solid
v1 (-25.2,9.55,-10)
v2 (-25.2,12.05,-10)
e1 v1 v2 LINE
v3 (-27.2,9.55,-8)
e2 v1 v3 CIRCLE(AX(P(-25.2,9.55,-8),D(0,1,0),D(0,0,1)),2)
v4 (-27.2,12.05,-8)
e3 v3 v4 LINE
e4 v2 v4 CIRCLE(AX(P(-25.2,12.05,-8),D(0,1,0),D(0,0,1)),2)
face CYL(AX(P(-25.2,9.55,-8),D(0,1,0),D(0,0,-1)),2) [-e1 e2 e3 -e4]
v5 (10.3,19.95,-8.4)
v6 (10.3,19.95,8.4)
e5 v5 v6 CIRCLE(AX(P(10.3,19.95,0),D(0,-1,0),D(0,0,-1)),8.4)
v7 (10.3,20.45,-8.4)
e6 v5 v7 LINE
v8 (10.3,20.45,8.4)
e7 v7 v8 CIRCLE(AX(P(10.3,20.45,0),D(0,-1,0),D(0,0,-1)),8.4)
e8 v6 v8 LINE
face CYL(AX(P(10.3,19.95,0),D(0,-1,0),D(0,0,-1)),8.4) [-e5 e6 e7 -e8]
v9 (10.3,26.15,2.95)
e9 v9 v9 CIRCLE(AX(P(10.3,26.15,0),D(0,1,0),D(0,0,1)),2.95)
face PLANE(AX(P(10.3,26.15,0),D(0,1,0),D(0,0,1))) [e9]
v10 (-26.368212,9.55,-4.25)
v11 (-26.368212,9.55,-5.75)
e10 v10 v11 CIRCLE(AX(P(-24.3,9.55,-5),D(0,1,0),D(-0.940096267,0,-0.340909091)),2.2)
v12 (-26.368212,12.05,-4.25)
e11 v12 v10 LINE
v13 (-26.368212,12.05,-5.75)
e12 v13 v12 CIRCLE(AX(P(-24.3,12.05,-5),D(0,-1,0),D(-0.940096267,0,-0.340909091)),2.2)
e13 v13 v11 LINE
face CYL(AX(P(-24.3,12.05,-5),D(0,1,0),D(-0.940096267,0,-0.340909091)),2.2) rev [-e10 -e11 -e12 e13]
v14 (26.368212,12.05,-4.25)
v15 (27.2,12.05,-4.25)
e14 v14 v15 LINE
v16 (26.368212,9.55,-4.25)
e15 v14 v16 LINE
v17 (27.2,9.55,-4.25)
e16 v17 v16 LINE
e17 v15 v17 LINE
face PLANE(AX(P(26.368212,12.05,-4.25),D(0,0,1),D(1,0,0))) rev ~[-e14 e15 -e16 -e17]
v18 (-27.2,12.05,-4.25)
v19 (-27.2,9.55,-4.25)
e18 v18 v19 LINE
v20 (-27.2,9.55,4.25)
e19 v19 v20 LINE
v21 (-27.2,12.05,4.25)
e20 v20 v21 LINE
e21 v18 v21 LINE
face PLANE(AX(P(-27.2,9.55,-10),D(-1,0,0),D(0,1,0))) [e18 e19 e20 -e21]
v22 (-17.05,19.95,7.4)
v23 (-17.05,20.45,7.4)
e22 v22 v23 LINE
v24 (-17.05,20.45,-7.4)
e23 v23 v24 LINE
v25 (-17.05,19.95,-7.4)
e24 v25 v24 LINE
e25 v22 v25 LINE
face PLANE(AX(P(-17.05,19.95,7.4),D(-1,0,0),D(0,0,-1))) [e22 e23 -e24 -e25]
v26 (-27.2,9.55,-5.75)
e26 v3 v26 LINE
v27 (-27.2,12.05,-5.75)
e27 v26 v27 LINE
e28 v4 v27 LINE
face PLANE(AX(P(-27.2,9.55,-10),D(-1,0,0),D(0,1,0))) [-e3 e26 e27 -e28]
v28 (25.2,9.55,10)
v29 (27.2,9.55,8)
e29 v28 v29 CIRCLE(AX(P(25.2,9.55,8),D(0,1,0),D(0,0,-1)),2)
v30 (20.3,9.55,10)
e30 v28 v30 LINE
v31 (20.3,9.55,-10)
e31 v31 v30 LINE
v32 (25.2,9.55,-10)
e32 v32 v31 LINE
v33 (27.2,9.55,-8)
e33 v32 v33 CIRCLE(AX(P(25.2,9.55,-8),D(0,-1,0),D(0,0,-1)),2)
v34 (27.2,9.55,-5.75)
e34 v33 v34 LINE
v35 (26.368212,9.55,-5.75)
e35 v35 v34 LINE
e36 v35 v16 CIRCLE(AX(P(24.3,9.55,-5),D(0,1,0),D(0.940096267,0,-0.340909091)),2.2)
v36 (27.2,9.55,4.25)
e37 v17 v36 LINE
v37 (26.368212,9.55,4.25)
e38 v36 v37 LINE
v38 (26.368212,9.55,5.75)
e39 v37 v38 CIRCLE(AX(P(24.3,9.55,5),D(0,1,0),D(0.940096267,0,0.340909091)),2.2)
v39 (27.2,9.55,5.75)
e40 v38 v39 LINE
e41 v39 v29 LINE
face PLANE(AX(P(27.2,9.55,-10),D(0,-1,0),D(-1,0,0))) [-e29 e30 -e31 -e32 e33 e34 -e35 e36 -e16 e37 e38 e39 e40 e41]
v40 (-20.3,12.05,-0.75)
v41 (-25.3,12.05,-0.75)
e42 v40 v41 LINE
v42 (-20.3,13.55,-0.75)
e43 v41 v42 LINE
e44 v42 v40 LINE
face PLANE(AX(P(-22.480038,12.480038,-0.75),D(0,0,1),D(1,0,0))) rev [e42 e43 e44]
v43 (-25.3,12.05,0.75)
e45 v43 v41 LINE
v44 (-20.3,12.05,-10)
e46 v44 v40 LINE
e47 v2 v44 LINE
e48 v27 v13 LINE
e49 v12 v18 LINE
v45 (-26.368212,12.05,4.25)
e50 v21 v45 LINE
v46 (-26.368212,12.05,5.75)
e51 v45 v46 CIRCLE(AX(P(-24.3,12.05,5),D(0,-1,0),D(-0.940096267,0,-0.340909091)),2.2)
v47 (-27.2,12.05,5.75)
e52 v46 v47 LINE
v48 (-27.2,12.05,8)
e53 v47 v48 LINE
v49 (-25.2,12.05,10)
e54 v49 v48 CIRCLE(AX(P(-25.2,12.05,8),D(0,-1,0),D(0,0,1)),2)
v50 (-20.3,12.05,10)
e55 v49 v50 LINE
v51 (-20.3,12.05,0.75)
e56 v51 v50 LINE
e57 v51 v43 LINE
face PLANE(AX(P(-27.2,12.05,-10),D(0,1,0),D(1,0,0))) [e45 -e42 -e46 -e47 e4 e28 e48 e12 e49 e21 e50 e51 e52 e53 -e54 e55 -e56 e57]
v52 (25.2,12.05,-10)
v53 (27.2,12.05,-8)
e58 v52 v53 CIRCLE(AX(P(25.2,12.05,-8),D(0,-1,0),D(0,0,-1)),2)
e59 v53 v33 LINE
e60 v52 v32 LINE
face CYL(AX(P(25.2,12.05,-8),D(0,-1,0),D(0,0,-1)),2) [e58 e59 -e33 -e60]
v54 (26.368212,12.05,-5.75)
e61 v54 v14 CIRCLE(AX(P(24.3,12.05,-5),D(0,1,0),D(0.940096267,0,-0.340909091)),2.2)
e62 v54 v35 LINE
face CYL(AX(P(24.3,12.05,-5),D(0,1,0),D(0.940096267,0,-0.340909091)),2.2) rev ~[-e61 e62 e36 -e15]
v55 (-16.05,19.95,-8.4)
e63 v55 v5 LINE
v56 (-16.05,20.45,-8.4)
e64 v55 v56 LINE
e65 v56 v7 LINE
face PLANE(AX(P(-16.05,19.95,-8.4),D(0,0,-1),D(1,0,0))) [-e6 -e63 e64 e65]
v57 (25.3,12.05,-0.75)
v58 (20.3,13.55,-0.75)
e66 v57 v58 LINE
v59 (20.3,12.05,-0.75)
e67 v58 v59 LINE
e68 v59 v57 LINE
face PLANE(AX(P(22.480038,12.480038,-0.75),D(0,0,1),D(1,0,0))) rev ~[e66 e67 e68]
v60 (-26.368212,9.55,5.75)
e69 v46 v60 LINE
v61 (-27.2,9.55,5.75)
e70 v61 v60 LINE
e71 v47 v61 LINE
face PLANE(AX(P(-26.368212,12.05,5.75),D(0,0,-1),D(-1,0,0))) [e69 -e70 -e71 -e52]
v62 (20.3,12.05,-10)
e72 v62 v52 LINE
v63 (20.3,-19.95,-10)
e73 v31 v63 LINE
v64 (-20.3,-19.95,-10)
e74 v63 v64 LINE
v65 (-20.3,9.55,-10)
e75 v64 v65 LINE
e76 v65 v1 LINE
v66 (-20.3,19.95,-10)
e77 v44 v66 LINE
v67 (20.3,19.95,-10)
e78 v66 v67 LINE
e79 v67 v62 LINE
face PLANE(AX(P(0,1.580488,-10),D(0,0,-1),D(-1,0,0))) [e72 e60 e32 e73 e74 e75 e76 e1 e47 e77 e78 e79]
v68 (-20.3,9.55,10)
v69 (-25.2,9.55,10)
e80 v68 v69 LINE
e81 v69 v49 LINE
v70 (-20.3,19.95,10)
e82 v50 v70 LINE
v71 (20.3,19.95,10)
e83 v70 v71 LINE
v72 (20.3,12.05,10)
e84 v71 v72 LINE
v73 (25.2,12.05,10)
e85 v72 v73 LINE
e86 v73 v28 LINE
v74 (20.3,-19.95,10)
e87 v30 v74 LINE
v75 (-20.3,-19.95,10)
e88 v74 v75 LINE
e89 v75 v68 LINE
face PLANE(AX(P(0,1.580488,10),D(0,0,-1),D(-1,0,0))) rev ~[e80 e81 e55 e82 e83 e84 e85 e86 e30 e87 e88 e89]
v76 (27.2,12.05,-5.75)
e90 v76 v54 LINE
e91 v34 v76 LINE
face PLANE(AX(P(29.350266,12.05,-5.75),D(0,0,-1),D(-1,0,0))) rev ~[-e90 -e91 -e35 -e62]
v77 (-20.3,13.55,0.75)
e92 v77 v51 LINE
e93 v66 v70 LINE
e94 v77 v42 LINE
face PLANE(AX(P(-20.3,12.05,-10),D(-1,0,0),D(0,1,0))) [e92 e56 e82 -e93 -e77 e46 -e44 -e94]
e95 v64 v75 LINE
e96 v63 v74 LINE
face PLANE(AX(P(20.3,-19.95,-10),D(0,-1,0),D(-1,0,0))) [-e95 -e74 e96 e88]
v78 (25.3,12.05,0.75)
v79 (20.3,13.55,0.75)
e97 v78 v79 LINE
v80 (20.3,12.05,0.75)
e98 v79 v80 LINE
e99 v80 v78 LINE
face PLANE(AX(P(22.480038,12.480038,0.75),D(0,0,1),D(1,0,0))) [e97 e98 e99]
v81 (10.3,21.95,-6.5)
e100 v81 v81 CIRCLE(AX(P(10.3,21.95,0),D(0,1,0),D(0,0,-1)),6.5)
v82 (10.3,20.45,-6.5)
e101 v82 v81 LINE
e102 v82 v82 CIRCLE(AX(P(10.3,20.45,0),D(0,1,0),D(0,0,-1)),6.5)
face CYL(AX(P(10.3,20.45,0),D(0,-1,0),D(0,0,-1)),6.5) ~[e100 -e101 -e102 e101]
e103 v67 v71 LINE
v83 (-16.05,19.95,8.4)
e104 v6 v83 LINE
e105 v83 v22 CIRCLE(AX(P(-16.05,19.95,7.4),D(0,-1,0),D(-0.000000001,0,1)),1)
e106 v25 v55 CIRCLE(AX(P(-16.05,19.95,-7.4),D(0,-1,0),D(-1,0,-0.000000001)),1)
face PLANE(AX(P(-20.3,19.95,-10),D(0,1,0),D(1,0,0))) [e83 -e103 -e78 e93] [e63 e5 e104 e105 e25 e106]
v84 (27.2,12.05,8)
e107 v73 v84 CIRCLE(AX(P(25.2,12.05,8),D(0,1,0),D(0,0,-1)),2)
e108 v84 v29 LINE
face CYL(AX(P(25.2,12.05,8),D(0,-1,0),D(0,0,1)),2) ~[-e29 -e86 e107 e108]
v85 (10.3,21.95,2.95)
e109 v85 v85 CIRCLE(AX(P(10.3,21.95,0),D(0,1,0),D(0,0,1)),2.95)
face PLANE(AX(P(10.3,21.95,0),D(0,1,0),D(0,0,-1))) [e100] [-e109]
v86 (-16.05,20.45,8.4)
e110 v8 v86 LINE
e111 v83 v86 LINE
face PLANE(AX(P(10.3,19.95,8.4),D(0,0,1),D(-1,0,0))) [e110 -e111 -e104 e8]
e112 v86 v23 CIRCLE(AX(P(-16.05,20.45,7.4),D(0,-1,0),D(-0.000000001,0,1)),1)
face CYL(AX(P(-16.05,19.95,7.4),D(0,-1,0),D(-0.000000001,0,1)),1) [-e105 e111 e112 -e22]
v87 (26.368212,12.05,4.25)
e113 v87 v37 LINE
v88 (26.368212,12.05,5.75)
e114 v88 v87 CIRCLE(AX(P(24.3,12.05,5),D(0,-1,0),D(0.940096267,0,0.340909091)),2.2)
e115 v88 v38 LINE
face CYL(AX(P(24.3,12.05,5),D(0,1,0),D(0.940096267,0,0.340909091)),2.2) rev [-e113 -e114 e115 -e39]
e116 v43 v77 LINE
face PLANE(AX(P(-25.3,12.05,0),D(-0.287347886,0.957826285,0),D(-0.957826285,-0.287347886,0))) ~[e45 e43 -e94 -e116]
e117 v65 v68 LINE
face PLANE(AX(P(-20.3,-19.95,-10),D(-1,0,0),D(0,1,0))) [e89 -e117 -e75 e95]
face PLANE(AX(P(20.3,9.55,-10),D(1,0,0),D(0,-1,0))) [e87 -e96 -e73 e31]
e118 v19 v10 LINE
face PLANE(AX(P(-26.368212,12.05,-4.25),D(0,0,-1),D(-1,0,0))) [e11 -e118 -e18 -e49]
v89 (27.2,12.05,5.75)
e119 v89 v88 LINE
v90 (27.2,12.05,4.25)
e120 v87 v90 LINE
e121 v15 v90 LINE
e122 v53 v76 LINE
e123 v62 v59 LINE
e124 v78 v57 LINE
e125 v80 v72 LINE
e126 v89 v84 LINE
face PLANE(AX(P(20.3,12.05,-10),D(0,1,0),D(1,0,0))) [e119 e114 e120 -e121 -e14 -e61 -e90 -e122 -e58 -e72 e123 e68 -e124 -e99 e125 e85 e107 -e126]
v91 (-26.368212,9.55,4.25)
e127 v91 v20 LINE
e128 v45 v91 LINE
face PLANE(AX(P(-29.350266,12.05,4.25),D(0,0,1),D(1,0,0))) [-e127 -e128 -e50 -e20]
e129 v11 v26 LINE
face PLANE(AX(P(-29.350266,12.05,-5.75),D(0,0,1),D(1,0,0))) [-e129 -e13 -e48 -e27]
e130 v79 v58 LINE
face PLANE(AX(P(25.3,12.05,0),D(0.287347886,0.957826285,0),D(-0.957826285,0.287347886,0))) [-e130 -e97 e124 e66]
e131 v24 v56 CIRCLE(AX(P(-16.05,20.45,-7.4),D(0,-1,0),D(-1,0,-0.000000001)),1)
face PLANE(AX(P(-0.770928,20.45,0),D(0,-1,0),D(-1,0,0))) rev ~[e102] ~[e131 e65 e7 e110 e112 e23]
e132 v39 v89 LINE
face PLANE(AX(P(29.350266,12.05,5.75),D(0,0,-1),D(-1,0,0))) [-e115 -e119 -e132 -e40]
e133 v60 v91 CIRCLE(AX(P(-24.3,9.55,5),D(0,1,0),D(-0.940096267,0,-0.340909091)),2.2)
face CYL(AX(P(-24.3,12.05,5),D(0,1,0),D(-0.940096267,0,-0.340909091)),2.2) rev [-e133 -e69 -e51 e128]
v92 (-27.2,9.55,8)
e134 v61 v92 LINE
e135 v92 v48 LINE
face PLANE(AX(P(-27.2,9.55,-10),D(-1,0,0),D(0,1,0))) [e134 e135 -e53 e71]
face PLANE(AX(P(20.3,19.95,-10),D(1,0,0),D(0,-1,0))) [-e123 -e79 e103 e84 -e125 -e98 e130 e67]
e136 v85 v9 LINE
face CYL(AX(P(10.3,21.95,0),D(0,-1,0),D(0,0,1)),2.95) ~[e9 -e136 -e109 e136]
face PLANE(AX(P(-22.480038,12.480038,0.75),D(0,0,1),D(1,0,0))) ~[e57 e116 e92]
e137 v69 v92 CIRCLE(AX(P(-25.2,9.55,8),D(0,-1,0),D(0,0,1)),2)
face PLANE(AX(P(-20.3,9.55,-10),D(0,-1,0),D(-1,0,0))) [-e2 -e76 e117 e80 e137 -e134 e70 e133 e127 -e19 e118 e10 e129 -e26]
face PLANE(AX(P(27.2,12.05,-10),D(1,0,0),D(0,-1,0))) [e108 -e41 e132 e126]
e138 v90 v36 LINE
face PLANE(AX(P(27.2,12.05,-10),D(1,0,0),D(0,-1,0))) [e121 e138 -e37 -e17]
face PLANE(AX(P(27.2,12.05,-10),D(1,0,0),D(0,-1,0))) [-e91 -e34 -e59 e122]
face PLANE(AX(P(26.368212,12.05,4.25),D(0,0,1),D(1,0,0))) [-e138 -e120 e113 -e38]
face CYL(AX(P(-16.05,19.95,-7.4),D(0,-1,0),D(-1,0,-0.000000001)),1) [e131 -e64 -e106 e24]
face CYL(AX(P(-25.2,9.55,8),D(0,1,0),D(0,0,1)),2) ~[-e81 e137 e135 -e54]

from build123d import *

# Parameters (mm, degrees)
EXTRUDE_1_DEPTH      = 10
EXTRUDE_1_DEPTH_BACK = 10
CUT_EXTRUDE_1_DEPTH  = 5
EXTRUDE_2_DEPTH      = 0.5
SKETCH_4_R           = 6.5
EXTRUDE_3_DEPTH      = 1.5
SKETCH_5_R           = 2.95
EXTRUDE_4_DEPTH      = 4.2
FILLET_1_R           = 2
EXTRUDE_5_DEPTH      = 0.75


with BuildPart() as part:
    # 草图1 → 凸台-拉伸1 (new, two sides: drawn at the far end of the back side and taken through both)
    with BuildSketch(Plane.XY.offset(-EXTRUDE_1_DEPTH_BACK)):
        Polygon((-20.3, 19.95), (20.3, 19.95), (20.3, 12.05), (27.2, 12.05), (27.2, 9.55), (20.3, 9.55), (20.3, -19.95), (-20.3, -19.95), (-20.3, 9.55), (-27.2, 9.55), (-27.2, 12.05), (-20.3, 12.05), align=None)
    extrude(amount=EXTRUDE_1_DEPTH + EXTRUDE_1_DEPTH_BACK)

    # 草图2 → 切除-拉伸1 (cut)
    with BuildSketch(Plane(origin=(0, 12.05, 0), x_dir=(1, 0, 0), z_dir=(0, 1, 0))):
        with BuildLine():
            Line((26.368211788, 4.25), (29.350265645, 4.25))
            Line((29.350265645, 4.25), (29.350265645, 5.75))
            Line((29.350265645, 5.75), (26.368211788, 5.75))
            ThreePointArc((26.368211788, 5.75), (22.1, 5), (26.368211788, 4.25))
        make_face()
        with BuildLine():
            Line((26.368211788, -4.25), (29.350265645, -4.25))
            Line((29.350265645, -4.25), (29.350265645, -5.75))
            Line((29.350265645, -5.75), (26.368211788, -5.75))
            ThreePointArc((26.368211788, -5.75), (22.1, -5), (26.368211788, -4.25))
        make_face()
        with BuildLine():
            Line((-26.368211788, -5.75), (-29.350265645, -5.75))
            Line((-29.350265645, -5.75), (-29.350265645, -4.25))
            Line((-29.350265645, -4.25), (-26.368211788, -4.25))
            ThreePointArc((-26.368211788, -4.25), (-22.1, -5), (-26.368211788, -5.75))
        make_face()
        with BuildLine():
            Line((-26.368211788, 4.25), (-29.350265645, 4.25))
            Line((-29.350265645, 4.25), (-29.350265645, 5.75))
            Line((-29.350265645, 5.75), (-26.368211788, 5.75))
            ThreePointArc((-26.368211788, 5.75), (-22.1, 5), (-26.368211788, 4.25))
        make_face()
    extrude(amount=-CUT_EXTRUDE_1_DEPTH, mode=Mode.SUBTRACT)

    # 草图3 → 凸台-拉伸2 (add)
    with BuildSketch(Plane(origin=(0, 19.95, 0), x_dir=(1, 0, 0), z_dir=(0, 1, 0))):
        with BuildLine():
            Line((-16.05, 8.4), (10.3, 8.4))
            ThreePointArc((10.3, 8.4), (18.7, 0), (10.3, -8.4))
            Line((10.3, -8.4), (-16.05, -8.4))
            ThreePointArc((-16.05, -8.4), (-16.757106781, -8.107106781), (-17.05, -7.4))
            Line((-17.05, -7.4), (-17.05, 7.4))
            ThreePointArc((-17.05, 7.4), (-16.757106781, 8.107106781), (-16.05, 8.4))
        make_face()
    extrude(amount=EXTRUDE_2_DEPTH)

    # 草图4 → 凸台-拉伸3 (add)
    with BuildSketch(Plane(origin=(0, 20.45, 0), x_dir=(1, 0, 0), z_dir=(0, 1, 0))):
        with Locations((10.3, 0)):
            Circle(SKETCH_4_R)
    extrude(amount=EXTRUDE_3_DEPTH)

    # 草图5 → 凸台-拉伸4 (add)
    with BuildSketch(Plane(origin=(0, 21.95, 0), x_dir=(1, 0, 0), z_dir=(0, 1, 0))):
        with Locations((10.3, 0)):
            Circle(SKETCH_5_R)
    extrude(amount=EXTRUDE_4_DEPTH)

    # 圆角1
    fillet_1_edges = [part.edges().sort_by_distance(p)[0] for p in [
        (-27.2, 10.8, 10),
        (-27.2, 10.8, -10),
        (27.2, 10.8, -10),
        (27.2, 10.8, 10),
    ]]
    fillet(fillet_1_edges, radius=FILLET_1_R)

    # 草图8 → 凸台-拉伸5 (add, symmetric)
    with BuildSketch(Plane.XY):
        Polygon((20.3, 13.55), (20.3, 12.05), (25.3, 12.05), align=None)
    extrude_5 = extrude(amount=EXTRUDE_5_DEPTH, both=True)

    # 镜向1: 凸台-拉伸5 across plane
    add(extrude_5.mirror(Plane(origin=(0, 0, 0), x_dir=(0, 0, 1), z_dir=(1, 0, 0))))


solid = part.part
